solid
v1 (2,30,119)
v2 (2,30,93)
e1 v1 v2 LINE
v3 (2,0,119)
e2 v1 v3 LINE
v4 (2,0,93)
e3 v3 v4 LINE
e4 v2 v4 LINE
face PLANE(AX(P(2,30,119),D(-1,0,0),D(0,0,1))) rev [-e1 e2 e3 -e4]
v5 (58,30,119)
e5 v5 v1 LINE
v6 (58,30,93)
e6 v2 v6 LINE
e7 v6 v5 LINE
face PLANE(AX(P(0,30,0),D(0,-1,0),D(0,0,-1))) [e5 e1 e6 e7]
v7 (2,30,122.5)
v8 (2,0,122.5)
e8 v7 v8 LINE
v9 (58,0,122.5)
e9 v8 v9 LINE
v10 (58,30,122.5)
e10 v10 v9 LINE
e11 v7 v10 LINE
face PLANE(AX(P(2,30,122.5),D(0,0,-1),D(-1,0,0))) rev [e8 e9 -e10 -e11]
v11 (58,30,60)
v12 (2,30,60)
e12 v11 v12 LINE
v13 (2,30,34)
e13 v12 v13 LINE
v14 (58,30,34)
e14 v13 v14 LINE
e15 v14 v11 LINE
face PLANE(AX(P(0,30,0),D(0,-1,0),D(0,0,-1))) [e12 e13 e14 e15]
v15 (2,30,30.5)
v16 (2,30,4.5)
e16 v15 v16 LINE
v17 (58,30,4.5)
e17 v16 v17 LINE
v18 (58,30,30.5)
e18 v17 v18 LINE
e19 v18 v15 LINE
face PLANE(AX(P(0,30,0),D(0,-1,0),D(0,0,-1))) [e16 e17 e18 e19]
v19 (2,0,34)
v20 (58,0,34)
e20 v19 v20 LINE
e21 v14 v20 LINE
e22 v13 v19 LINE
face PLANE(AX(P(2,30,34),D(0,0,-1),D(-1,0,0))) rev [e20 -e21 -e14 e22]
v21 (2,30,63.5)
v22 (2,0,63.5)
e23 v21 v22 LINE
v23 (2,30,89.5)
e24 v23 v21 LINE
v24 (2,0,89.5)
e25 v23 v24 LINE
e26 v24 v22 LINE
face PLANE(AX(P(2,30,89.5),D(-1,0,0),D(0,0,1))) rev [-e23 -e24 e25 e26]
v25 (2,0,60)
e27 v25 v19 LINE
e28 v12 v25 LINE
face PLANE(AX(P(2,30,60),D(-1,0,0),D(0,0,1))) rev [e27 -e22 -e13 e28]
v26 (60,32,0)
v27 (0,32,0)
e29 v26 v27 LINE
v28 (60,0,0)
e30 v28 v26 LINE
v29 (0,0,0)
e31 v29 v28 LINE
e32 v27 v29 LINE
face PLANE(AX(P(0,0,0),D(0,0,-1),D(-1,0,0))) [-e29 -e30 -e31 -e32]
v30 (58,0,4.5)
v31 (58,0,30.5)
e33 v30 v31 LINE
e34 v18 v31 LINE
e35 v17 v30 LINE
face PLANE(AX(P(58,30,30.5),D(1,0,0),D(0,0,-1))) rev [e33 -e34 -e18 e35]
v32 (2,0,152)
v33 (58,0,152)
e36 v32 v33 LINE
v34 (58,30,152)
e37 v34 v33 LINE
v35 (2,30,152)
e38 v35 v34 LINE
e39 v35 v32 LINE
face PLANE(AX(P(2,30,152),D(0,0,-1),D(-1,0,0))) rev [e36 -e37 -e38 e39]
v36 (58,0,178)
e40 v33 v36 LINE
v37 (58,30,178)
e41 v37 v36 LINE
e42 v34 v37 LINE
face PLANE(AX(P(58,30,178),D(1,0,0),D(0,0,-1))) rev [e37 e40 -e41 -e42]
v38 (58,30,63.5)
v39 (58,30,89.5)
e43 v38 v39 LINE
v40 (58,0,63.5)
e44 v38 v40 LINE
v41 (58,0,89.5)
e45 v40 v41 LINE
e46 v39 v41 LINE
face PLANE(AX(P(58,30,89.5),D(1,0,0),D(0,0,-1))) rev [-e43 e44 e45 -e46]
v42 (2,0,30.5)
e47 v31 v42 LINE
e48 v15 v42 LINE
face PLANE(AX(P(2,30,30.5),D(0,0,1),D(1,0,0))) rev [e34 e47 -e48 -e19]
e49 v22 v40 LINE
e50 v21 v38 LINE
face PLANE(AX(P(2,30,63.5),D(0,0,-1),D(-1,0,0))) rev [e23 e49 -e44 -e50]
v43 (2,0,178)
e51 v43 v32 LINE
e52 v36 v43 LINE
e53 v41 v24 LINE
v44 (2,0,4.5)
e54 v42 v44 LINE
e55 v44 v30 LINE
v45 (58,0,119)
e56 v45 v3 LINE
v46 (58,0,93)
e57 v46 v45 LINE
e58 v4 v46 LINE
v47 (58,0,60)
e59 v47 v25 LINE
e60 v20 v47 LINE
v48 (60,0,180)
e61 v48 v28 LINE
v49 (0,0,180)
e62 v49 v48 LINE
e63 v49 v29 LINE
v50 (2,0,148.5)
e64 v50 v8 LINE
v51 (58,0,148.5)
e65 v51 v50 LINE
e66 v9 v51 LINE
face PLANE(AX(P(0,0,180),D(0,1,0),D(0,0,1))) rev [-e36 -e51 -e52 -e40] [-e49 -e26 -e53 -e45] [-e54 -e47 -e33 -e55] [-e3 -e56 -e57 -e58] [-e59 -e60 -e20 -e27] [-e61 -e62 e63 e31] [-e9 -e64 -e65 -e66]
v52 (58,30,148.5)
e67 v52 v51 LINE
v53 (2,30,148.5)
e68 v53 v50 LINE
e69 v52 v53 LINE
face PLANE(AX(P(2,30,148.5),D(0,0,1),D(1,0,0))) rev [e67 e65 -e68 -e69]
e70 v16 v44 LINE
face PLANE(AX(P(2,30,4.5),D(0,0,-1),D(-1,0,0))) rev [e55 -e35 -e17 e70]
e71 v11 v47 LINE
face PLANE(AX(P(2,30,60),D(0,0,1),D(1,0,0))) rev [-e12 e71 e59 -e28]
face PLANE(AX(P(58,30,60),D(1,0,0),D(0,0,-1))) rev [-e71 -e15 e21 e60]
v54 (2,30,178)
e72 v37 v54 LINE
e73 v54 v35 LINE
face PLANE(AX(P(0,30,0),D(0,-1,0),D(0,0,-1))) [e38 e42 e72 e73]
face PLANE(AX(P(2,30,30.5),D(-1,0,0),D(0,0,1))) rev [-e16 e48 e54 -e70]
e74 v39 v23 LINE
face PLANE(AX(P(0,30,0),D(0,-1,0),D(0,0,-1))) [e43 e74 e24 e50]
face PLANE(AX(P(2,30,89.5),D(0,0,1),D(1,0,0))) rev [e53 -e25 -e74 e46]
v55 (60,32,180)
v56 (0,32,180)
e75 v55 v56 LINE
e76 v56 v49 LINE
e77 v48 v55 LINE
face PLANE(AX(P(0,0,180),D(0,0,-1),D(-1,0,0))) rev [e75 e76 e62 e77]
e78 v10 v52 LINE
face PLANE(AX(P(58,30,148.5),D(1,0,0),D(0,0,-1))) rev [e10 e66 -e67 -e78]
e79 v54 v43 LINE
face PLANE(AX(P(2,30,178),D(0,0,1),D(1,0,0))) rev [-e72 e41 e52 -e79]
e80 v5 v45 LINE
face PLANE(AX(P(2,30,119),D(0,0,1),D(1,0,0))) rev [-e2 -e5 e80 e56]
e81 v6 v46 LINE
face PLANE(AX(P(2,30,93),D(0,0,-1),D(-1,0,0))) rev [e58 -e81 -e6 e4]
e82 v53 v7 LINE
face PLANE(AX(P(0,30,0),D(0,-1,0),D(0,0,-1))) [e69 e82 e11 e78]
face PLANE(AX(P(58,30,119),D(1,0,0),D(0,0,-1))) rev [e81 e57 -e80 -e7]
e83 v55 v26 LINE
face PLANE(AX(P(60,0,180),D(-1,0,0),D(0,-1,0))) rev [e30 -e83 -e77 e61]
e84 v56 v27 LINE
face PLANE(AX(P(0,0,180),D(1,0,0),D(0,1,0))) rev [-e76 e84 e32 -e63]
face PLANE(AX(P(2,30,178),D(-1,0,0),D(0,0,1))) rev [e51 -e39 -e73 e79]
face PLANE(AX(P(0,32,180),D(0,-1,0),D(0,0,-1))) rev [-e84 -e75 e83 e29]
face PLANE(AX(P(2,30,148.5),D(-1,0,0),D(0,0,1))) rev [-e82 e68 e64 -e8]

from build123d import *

# Parameters (mm, degrees)
SKETCH_1_W          = 60
SKETCH_1_H          = 32
EXTRUDE_1_DEPTH     = 180
SKETCH_2_W          = 56
SKETCH_2_H          = 26
CUT_EXTRUDE_1_DEPTH = 30


with BuildPart() as part:
    # 草图1 → 凸台-拉伸1 (new body)
    with BuildSketch(Plane.XY):
        with Locations((30, 16)):
            Rectangle(SKETCH_1_W, SKETCH_1_H)
    extrude(amount=EXTRUDE_1_DEPTH)

    # 草图2 → 切除-拉伸1 (cut)
    with BuildSketch(Plane(origin=(0, 0, 0), x_dir=(-1, 0, 0), z_dir=(0, -1, 0))):
        with Locations((-30, -165)):
            Rectangle(SKETCH_2_W, SKETCH_2_H)
        with Locations((-30, -135.5)):
            Rectangle(SKETCH_2_W, SKETCH_2_H)
        with Locations((-30, -106)):
            Rectangle(SKETCH_2_W, SKETCH_2_H)
        with Locations((-30, -76.5)):
            Rectangle(SKETCH_2_W, SKETCH_2_H)
        with Locations((-30, -47)):
            Rectangle(SKETCH_2_W, SKETCH_2_H)
        with Locations((-30, -17.5)):
            Rectangle(SKETCH_2_W, SKETCH_2_H)
    extrude(amount=-CUT_EXTRUDE_1_DEPTH, mode=Mode.SUBTRACT)


solid = part.part
